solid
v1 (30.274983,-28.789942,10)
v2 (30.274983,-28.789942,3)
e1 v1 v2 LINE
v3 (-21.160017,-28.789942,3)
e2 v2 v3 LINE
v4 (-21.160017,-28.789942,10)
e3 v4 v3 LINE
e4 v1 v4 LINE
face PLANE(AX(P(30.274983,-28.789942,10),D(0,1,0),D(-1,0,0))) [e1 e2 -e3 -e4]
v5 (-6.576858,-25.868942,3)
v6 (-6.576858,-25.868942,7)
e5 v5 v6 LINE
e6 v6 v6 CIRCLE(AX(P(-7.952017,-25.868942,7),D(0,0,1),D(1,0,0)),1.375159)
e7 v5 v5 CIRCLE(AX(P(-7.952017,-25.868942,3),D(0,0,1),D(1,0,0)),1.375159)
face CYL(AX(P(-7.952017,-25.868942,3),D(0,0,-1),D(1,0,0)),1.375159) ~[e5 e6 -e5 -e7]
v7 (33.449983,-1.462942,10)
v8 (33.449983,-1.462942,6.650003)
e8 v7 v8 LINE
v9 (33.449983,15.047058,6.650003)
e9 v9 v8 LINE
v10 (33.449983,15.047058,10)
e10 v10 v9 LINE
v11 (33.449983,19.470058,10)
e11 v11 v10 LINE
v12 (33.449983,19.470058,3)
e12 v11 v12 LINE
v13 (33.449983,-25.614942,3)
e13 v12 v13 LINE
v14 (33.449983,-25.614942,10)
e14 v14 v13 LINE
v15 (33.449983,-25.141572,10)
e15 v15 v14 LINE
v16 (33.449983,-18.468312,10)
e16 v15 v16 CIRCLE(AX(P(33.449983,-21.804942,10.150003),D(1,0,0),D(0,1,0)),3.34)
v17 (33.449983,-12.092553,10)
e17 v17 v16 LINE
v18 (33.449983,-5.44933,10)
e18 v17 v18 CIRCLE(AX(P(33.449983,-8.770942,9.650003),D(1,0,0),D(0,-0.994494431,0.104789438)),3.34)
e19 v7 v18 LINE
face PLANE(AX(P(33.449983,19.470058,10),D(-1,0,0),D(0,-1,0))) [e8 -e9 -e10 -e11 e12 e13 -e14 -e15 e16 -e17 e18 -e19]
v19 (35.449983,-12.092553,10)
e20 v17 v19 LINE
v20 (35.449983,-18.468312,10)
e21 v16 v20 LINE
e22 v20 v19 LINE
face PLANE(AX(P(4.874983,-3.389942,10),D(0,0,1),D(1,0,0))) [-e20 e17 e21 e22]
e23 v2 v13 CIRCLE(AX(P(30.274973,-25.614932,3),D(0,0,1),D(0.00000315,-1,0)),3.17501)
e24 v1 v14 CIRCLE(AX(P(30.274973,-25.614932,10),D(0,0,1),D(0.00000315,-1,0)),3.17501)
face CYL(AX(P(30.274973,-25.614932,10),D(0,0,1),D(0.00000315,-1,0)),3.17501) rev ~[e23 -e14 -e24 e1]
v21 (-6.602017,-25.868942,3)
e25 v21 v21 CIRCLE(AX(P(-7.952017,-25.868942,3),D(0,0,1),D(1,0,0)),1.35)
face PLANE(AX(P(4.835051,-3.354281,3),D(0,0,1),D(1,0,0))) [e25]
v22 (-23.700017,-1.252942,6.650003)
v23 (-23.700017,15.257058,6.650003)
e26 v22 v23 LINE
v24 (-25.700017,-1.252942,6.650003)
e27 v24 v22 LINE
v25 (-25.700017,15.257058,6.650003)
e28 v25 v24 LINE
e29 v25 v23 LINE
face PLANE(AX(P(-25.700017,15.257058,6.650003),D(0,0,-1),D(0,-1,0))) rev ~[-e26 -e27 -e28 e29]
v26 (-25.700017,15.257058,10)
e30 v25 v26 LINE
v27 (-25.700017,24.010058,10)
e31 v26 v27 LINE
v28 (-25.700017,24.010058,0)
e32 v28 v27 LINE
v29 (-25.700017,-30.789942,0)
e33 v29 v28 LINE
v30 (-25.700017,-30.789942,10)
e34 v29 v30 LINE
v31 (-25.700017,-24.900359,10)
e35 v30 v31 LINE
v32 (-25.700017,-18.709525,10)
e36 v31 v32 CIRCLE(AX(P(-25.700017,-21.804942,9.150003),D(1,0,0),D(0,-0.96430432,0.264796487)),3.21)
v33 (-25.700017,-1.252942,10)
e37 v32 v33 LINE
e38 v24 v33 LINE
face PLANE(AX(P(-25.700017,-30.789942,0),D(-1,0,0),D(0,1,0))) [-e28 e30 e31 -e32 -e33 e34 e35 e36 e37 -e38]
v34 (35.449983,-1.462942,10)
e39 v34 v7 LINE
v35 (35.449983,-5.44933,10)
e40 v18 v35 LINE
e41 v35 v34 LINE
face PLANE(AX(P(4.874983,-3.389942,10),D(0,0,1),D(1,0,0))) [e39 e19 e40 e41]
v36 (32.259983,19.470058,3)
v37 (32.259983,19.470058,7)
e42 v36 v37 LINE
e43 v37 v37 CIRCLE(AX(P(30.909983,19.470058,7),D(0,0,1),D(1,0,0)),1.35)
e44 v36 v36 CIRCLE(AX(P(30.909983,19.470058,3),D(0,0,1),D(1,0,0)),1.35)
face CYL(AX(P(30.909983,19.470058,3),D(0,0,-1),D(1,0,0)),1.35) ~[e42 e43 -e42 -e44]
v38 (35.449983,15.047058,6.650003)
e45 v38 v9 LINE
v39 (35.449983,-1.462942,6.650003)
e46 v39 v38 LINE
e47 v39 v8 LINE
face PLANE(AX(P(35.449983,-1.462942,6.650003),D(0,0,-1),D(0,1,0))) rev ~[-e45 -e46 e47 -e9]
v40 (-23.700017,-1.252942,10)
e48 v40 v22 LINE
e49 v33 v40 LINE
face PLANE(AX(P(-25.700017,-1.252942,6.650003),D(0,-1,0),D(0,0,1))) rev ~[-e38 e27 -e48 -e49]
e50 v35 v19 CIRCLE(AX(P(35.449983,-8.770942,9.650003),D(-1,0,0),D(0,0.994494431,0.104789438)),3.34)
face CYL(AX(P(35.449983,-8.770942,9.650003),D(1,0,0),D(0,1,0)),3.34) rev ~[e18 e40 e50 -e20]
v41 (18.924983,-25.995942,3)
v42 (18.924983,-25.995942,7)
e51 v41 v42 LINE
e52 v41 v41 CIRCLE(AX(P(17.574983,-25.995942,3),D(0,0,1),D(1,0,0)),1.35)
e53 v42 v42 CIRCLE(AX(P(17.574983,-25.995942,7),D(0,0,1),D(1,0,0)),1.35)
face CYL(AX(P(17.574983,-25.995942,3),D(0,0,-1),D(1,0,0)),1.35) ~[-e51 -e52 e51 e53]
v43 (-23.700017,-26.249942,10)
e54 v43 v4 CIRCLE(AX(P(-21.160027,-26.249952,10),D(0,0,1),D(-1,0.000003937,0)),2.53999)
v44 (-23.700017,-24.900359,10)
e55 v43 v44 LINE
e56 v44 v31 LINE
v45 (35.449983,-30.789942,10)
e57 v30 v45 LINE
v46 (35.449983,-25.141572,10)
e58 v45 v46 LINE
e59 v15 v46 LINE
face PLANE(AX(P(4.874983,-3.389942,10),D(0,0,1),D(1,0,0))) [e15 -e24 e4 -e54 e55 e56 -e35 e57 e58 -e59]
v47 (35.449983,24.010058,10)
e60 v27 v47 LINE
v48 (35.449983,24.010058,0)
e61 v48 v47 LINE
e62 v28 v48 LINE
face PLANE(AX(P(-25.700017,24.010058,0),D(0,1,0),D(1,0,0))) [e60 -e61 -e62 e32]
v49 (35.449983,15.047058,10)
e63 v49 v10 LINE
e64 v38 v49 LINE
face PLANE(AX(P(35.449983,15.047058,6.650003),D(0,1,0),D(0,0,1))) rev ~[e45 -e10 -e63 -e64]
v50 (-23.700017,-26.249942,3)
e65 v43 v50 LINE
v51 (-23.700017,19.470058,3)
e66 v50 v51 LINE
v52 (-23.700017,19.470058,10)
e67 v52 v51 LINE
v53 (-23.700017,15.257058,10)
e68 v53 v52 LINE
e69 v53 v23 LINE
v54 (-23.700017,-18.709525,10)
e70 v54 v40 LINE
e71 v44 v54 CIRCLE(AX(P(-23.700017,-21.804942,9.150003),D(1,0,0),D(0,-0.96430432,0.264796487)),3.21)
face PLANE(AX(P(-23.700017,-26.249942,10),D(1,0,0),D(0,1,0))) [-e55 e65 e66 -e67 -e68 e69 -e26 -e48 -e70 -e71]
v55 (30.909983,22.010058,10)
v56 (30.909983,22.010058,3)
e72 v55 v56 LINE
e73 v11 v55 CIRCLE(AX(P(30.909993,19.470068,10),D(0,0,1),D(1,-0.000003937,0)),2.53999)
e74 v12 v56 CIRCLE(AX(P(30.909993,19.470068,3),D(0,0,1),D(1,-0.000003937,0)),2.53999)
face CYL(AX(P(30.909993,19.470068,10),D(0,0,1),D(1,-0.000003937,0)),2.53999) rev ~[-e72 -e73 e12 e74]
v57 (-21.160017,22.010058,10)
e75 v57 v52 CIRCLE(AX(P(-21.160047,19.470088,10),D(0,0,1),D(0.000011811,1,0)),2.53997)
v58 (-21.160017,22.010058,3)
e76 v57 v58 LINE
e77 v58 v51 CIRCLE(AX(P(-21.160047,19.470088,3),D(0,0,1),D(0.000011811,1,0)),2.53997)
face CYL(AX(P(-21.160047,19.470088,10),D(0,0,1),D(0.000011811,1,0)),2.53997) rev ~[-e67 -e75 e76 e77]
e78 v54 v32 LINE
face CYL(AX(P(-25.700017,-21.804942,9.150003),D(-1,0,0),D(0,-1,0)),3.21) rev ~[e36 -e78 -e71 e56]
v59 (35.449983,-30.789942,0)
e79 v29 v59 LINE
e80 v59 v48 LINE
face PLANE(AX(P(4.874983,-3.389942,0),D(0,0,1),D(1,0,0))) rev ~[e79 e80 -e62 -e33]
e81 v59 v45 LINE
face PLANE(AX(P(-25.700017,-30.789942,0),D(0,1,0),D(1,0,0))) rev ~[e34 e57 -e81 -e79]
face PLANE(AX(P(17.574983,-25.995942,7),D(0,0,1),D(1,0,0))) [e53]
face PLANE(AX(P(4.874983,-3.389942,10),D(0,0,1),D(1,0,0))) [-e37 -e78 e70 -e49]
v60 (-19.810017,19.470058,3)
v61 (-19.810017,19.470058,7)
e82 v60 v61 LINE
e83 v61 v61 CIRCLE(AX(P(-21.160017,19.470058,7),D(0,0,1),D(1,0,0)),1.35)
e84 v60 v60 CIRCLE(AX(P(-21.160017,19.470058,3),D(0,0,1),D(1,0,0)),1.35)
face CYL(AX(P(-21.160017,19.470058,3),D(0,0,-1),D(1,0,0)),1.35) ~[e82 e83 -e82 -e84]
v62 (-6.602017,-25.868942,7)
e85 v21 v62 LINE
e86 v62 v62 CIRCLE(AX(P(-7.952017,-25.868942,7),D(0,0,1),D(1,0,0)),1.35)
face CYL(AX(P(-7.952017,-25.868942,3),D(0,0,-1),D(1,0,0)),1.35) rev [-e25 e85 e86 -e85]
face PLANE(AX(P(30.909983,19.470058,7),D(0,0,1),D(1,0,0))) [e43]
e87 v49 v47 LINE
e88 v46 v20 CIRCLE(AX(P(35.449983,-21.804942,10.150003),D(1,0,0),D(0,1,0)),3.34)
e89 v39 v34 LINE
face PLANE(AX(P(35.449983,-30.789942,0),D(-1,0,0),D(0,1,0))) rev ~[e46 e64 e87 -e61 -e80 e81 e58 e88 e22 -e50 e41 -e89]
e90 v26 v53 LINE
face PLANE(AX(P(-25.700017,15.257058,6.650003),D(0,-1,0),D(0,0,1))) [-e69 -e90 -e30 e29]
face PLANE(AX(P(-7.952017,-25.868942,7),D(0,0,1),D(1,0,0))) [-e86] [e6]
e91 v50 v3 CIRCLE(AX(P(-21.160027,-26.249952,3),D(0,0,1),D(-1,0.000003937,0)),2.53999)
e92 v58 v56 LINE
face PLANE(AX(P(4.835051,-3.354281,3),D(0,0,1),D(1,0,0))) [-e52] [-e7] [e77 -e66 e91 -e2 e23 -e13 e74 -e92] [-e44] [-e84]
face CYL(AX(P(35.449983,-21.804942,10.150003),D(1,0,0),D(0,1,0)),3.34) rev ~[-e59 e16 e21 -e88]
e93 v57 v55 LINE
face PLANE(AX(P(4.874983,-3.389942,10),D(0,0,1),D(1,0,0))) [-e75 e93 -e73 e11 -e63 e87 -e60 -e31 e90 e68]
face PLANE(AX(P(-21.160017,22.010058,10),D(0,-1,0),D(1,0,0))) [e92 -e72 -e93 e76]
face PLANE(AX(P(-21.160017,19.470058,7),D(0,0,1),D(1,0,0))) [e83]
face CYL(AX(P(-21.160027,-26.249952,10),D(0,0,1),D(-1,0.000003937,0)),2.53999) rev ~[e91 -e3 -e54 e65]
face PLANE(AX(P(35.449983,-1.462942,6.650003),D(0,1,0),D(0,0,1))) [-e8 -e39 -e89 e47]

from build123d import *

# Parameters (mm, degrees)
SKETCH_W        = 61.15
SKETCH_H        = 54.8
PAD_DEPTH       = 10
POCKET_DEPTH    = 7
SKETCH002_R     = 3.21
SKETCH002_W     = 16.51
SKETCH002_H     = 3.3499967217
POCKET001_DEPTH = 5
SKETCH003_R     = 3.34
SKETCH003_W     = 16.51
SKETCH003_H     = 3.3499967217
POCKET002_DEPTH = 5
SKETCH009_R     = 1.375159
SKETCH009_R_2   = 1.35
PAD003_DEPTH    = 4


with BuildPart() as part:
    # Sketch → Pad (new body)
    with BuildSketch(Plane.XY):
        with Locations((4.8749828339, -3.3899418259)):
            Rectangle(SKETCH_W, SKETCH_H)
    extrude(amount=PAD_DEPTH)

    # Sketch001 (on Face6 of Pad) → Pocket (cut)
    with BuildSketch(Plane.XY.offset(10)):
        with BuildLine():
            ThreePointArc((33.4499828339, 19.4700581741), (32.706036987, 21.2661123273), (30.9099828339, 22.0100581741))
            Line((-21.1600171661, 22.0100581741), (30.9099828339, 22.0100581741))
            ThreePointArc((-21.1600171661, 22.0100581741), (-22.9560771773, 21.2661181853), (-23.7000171661, 19.4700581741))
            Line((-23.7000171661, -26.2499418259), (-23.7000171661, 19.4700581741))
            ThreePointArc((-23.7000171661, -26.2499418259), (-22.9560713193, -28.045995979), (-21.1600171661, -28.7899418259))
            Line((30.2749828339, -28.7899418259), (-21.1600171661, -28.7899418259))
            ThreePointArc((30.2749828339, -28.7899418259), (32.5200439352, -27.8600029272), (33.4499828339, -25.6149418259))
            Line((33.4499828339, 19.4700581741), (33.4499828339, -25.6149418259))
        make_face()
    extrude(amount=-POCKET_DEPTH, mode=Mode.SUBTRACT)

    # Sketch002 (on Face2 of Pocket) → Pocket001 (cut)
    with BuildSketch(Plane(origin=(-25.7000171661, 0, 0), x_dir=(0, -1, 0), z_dir=(-1, 0, 0))):
        with Locations((21.8049418259, 9.1500032783)):
            Circle(SKETCH002_R)
        with Locations((-7.0020581741, 8.3250016391)):
            Rectangle(SKETCH002_W, SKETCH002_H)
    extrude(amount=-POCKET001_DEPTH, mode=Mode.SUBTRACT)

    # Sketch003 (on Face3 of Pocket001) → Pocket002 (cut)
    with BuildSketch(Plane.YZ.offset(35.4499828339)):
        with Locations((-21.8049418259, 10.1500032783)):
            Circle(SKETCH003_R)
        with Locations((-8.7709418259, 9.6500032783)):
            Circle(SKETCH003_R)
        with Locations((6.7920581741, 8.3250016391)):
            Rectangle(SKETCH003_W, SKETCH003_H)
    extrude(amount=-POCKET002_DEPTH, mode=Mode.SUBTRACT)

    # Sketch009 (on Face30 of Pocket002) → Pad003 (join)
    with BuildSketch(Plane.XY.offset(3)):
        with Locations((-7.9520171661, -25.8689418259)):
            Circle(SKETCH009_R)
        with Locations((-7.9520171661, -25.8689418259)):
            Circle(SKETCH009_R_2, mode=Mode.SUBTRACT)
        with Locations((17.5749828339, -25.9959418259)):
            Circle(SKETCH009_R_2)
        with Locations((30.9099828339, 19.4700581741)):
            Circle(SKETCH009_R_2)
        with Locations((-21.1600171661, 19.4700581741)):
            Circle(SKETCH009_R_2)
    extrude(amount=PAD003_DEPTH)


solid = part.part
